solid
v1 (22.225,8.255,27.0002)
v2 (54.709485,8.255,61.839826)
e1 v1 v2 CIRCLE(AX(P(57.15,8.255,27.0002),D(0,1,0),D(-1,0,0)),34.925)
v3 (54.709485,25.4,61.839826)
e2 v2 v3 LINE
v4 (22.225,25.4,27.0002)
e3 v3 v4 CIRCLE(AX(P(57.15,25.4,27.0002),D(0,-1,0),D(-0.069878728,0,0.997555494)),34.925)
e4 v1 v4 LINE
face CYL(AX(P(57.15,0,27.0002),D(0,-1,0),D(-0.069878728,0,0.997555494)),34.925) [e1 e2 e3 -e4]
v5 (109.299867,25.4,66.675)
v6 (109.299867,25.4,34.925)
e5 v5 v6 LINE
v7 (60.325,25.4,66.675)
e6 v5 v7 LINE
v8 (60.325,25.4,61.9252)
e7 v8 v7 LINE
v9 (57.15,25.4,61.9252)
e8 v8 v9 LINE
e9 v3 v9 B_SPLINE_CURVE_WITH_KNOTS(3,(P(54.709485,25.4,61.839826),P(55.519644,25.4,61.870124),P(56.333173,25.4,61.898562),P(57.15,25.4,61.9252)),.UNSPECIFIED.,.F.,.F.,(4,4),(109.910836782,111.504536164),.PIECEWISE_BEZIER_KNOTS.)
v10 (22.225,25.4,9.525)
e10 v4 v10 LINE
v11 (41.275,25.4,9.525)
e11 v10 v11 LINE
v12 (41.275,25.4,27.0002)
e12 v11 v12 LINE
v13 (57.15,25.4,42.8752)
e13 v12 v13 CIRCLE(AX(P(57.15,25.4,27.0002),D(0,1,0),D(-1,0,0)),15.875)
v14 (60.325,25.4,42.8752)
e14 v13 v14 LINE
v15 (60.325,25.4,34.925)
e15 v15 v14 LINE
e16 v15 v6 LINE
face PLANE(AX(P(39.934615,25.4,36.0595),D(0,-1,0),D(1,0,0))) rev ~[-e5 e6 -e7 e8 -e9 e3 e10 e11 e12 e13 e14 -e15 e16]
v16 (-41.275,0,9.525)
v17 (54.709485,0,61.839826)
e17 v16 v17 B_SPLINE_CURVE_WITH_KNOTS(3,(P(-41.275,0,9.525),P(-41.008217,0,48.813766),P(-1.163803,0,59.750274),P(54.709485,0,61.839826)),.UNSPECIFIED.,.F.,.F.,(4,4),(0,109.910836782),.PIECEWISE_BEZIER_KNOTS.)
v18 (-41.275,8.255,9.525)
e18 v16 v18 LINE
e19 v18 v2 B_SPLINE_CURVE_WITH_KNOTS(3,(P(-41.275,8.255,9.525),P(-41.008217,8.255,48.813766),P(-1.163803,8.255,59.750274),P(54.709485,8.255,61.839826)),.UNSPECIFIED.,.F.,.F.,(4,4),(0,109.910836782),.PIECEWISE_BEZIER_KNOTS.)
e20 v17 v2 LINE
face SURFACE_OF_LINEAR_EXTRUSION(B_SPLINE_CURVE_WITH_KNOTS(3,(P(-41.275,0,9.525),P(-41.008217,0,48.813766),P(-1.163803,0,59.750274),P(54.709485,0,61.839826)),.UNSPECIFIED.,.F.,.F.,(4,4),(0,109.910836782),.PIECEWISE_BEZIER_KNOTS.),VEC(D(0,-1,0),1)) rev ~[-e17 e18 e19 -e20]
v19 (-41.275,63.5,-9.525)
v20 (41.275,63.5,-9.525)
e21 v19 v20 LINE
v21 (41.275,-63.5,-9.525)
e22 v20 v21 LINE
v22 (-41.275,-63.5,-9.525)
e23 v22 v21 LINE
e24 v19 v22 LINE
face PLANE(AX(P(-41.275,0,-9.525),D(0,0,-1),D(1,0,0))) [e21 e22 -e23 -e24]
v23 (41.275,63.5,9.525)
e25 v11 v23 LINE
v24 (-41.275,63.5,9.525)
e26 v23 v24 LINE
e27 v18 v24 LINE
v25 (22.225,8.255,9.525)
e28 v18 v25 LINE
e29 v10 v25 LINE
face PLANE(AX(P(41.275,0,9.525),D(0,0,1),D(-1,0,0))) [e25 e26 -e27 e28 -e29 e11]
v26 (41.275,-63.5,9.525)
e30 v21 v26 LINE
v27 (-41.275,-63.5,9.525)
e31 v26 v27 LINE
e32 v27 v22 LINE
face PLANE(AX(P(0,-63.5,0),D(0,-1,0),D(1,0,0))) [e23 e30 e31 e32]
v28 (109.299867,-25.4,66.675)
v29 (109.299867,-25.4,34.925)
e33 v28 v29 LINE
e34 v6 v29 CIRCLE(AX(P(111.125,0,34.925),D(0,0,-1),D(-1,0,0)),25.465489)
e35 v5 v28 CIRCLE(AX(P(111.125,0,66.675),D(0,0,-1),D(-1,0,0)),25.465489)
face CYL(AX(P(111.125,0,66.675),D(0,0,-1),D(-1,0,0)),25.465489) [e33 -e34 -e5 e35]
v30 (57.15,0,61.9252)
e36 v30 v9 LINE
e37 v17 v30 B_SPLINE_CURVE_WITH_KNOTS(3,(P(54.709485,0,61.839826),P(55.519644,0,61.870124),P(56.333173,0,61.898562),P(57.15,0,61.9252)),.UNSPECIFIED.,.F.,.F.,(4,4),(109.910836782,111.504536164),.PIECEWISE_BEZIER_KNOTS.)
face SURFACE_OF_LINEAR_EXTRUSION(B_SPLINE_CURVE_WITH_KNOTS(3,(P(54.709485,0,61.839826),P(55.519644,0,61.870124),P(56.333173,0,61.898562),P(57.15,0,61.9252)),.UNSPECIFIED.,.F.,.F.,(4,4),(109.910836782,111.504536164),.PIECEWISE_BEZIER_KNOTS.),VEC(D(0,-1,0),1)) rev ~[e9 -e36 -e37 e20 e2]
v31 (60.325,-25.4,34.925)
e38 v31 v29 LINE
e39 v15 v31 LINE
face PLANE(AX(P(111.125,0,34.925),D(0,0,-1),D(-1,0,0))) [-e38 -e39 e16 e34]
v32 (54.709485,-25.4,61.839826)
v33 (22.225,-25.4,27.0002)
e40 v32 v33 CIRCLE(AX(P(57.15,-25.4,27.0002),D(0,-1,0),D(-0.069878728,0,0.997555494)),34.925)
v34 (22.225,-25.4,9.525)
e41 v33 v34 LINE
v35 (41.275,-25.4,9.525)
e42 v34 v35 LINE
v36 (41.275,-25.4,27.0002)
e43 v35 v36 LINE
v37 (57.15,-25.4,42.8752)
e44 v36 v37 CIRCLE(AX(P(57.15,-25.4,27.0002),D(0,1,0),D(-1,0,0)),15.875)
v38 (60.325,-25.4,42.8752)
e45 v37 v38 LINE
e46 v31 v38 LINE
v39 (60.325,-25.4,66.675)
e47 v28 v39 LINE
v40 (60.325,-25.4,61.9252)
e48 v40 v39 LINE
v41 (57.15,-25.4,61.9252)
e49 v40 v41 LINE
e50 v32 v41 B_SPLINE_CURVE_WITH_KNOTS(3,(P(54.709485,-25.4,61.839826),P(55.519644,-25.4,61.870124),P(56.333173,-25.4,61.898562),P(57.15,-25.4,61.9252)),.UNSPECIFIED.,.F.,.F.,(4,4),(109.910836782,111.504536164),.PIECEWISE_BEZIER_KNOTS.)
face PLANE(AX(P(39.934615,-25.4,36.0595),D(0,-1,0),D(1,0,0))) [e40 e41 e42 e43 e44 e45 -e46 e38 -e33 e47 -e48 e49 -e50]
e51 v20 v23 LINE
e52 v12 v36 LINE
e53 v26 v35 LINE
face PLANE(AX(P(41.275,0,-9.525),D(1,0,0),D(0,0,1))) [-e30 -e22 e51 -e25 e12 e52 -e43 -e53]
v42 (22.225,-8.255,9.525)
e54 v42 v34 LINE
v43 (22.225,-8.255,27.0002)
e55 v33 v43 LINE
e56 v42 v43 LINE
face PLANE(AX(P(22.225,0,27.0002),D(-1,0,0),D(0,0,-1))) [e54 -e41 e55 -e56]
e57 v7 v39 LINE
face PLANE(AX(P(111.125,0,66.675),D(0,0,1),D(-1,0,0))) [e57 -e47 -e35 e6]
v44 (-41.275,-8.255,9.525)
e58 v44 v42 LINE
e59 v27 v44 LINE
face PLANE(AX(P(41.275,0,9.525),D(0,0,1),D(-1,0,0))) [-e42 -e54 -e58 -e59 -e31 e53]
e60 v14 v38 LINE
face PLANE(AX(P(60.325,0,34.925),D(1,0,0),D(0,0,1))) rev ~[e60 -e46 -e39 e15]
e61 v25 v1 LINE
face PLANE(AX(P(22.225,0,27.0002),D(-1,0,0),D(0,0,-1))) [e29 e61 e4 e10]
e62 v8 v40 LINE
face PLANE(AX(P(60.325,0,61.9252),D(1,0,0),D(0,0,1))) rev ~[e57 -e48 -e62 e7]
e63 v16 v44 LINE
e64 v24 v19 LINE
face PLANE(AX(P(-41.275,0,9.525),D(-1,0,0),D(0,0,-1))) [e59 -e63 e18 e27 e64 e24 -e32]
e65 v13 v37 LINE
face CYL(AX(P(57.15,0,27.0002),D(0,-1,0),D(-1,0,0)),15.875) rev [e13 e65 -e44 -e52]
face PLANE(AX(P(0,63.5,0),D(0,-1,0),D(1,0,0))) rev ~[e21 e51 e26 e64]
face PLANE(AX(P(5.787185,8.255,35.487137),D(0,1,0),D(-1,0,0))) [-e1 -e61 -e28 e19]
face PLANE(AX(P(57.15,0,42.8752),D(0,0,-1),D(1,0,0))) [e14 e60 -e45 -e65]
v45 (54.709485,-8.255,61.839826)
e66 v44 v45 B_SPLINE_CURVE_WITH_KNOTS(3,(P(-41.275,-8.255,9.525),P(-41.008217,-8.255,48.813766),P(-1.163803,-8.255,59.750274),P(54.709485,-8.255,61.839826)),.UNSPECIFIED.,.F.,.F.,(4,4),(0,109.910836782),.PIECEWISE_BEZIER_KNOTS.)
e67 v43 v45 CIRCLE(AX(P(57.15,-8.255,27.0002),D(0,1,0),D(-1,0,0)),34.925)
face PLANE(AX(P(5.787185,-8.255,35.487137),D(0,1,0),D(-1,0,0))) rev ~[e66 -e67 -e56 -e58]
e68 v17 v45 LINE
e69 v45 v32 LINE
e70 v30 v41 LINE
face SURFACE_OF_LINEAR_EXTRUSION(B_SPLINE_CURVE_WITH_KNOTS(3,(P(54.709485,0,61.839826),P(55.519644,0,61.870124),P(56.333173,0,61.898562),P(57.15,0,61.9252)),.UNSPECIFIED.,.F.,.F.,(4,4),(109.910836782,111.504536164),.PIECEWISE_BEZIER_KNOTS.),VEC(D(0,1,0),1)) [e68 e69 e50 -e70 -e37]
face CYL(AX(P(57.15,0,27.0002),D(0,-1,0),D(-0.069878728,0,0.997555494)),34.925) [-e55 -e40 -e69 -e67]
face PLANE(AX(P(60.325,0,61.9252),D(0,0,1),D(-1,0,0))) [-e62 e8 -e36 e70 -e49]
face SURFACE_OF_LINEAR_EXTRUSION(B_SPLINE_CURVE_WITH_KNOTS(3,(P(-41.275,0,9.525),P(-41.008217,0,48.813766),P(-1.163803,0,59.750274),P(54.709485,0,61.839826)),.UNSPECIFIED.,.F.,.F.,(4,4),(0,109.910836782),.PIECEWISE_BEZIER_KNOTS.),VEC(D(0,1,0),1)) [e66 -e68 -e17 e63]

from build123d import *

# Parameters (mm, degrees)
F1_DEPTH = 63.5
F0_W     = 25.3345113873
F0_H     = 19.05
F0_H_2   = 7.9502
F0_H_3   = 4.7498
F2_DEPTH = 25.4
F3_DEPTH = 8.255


with BuildPart() as f1:
    # F0 (on Front) → F1 (new body, symmetric)
    with BuildSketch(Plane.XZ):
        Polygon((22.225, 9.525), (-41.275, 9.525), (-41.275, -9.525), (41.275, -9.525), (41.275, 9.525), align=None)
    extrude(amount=F1_DEPTH, both=True)

    # F0 (on Front) → F2 (join, symmetric)
    with BuildSketch(Plane.XZ):
        with BuildLine():
            Line((22.225, 27.0002), (22.225, 9.525))
            Line((22.225, 9.525), (41.275, 9.525))
            Line((41.275, 9.525), (41.275, 27.0002))
            ThreePointArc((41.275, 27.0002), (45.9246798487, 38.2255201513), (57.15, 42.8752))
            Line((57.15, 42.8752), (60.325, 42.8752))
            Line((60.325, 42.8752), (60.325, 61.9252))
            Line((60.325, 61.9252), (57.15, 61.9252))
            add(Edge.make_bspline(
                [(54.7094854303, 61.8398256242), (55.5196441787, 61.8701239826), (56.3331729653, 61.8985622867), (57.15, 61.9252)],
                knots=[109.9108367824, 109.9108367824, 109.9108367824, 109.9108367824, 111.5045361635, 111.5045361635, 111.5045361635, 111.5045361635], degree=3))
            ThreePointArc((54.7094854303, 61.8398256242), (31.6060124849, 50.8174275218), (22.225, 27.0002))
        make_face()
        with Locations((72.9922556937, 52.4002)):
            Rectangle(F0_W, F0_H)
        Polygon((85.6595113873, 66.675), (85.6595113873, 61.9252), (85.6595113873, 42.8752), (85.6595113873, 34.925), (111.125, 34.925), (111.125, 66.675), align=None)
        with Locations((72.9922556937, 38.9001)):
            Rectangle(F0_W, F0_H_2)
        with Locations((72.9922556937, 64.3001)):
            Rectangle(F0_W, F0_H_3)
    extrude(amount=F2_DEPTH, both=True)

    # F0 (on Front) → F3 (join, symmetric)
    with BuildSketch(Plane.XZ):
        with BuildLine():
            add(Edge.make_bspline(
                [(-41.275, 9.525), (-41.0082168827, 48.8137659642), (-1.1638034837, 59.7502735026), (54.7094854303, 61.8398256242)],
                knots=[0, 0, 0, 0, 109.9108367824, 109.9108367824, 109.9108367824, 109.9108367824], degree=3))
            Line((-41.275, 9.525), (22.225, 9.525))
            Line((22.225, 9.525), (22.225, 27.0002))
            ThreePointArc((22.225, 27.0002), (31.6060124849, 50.8174275218), (54.7094854303, 61.8398256242))
        make_face()
    extrude(amount=F3_DEPTH, both=True)

    # F0 (on Front) → F4 (revolve)
    with BuildSketch(Plane.XZ):
        Polygon((85.6595113873, 66.675), (85.6595113873, 61.9252), (85.6595113873, 42.8752), (85.6595113873, 34.925), (111.125, 34.925), (111.125, 66.675), align=None)
    revolve(axis=Axis((111.125, 0, 50.8), (0, 0, -1)))


solid = f1.part
